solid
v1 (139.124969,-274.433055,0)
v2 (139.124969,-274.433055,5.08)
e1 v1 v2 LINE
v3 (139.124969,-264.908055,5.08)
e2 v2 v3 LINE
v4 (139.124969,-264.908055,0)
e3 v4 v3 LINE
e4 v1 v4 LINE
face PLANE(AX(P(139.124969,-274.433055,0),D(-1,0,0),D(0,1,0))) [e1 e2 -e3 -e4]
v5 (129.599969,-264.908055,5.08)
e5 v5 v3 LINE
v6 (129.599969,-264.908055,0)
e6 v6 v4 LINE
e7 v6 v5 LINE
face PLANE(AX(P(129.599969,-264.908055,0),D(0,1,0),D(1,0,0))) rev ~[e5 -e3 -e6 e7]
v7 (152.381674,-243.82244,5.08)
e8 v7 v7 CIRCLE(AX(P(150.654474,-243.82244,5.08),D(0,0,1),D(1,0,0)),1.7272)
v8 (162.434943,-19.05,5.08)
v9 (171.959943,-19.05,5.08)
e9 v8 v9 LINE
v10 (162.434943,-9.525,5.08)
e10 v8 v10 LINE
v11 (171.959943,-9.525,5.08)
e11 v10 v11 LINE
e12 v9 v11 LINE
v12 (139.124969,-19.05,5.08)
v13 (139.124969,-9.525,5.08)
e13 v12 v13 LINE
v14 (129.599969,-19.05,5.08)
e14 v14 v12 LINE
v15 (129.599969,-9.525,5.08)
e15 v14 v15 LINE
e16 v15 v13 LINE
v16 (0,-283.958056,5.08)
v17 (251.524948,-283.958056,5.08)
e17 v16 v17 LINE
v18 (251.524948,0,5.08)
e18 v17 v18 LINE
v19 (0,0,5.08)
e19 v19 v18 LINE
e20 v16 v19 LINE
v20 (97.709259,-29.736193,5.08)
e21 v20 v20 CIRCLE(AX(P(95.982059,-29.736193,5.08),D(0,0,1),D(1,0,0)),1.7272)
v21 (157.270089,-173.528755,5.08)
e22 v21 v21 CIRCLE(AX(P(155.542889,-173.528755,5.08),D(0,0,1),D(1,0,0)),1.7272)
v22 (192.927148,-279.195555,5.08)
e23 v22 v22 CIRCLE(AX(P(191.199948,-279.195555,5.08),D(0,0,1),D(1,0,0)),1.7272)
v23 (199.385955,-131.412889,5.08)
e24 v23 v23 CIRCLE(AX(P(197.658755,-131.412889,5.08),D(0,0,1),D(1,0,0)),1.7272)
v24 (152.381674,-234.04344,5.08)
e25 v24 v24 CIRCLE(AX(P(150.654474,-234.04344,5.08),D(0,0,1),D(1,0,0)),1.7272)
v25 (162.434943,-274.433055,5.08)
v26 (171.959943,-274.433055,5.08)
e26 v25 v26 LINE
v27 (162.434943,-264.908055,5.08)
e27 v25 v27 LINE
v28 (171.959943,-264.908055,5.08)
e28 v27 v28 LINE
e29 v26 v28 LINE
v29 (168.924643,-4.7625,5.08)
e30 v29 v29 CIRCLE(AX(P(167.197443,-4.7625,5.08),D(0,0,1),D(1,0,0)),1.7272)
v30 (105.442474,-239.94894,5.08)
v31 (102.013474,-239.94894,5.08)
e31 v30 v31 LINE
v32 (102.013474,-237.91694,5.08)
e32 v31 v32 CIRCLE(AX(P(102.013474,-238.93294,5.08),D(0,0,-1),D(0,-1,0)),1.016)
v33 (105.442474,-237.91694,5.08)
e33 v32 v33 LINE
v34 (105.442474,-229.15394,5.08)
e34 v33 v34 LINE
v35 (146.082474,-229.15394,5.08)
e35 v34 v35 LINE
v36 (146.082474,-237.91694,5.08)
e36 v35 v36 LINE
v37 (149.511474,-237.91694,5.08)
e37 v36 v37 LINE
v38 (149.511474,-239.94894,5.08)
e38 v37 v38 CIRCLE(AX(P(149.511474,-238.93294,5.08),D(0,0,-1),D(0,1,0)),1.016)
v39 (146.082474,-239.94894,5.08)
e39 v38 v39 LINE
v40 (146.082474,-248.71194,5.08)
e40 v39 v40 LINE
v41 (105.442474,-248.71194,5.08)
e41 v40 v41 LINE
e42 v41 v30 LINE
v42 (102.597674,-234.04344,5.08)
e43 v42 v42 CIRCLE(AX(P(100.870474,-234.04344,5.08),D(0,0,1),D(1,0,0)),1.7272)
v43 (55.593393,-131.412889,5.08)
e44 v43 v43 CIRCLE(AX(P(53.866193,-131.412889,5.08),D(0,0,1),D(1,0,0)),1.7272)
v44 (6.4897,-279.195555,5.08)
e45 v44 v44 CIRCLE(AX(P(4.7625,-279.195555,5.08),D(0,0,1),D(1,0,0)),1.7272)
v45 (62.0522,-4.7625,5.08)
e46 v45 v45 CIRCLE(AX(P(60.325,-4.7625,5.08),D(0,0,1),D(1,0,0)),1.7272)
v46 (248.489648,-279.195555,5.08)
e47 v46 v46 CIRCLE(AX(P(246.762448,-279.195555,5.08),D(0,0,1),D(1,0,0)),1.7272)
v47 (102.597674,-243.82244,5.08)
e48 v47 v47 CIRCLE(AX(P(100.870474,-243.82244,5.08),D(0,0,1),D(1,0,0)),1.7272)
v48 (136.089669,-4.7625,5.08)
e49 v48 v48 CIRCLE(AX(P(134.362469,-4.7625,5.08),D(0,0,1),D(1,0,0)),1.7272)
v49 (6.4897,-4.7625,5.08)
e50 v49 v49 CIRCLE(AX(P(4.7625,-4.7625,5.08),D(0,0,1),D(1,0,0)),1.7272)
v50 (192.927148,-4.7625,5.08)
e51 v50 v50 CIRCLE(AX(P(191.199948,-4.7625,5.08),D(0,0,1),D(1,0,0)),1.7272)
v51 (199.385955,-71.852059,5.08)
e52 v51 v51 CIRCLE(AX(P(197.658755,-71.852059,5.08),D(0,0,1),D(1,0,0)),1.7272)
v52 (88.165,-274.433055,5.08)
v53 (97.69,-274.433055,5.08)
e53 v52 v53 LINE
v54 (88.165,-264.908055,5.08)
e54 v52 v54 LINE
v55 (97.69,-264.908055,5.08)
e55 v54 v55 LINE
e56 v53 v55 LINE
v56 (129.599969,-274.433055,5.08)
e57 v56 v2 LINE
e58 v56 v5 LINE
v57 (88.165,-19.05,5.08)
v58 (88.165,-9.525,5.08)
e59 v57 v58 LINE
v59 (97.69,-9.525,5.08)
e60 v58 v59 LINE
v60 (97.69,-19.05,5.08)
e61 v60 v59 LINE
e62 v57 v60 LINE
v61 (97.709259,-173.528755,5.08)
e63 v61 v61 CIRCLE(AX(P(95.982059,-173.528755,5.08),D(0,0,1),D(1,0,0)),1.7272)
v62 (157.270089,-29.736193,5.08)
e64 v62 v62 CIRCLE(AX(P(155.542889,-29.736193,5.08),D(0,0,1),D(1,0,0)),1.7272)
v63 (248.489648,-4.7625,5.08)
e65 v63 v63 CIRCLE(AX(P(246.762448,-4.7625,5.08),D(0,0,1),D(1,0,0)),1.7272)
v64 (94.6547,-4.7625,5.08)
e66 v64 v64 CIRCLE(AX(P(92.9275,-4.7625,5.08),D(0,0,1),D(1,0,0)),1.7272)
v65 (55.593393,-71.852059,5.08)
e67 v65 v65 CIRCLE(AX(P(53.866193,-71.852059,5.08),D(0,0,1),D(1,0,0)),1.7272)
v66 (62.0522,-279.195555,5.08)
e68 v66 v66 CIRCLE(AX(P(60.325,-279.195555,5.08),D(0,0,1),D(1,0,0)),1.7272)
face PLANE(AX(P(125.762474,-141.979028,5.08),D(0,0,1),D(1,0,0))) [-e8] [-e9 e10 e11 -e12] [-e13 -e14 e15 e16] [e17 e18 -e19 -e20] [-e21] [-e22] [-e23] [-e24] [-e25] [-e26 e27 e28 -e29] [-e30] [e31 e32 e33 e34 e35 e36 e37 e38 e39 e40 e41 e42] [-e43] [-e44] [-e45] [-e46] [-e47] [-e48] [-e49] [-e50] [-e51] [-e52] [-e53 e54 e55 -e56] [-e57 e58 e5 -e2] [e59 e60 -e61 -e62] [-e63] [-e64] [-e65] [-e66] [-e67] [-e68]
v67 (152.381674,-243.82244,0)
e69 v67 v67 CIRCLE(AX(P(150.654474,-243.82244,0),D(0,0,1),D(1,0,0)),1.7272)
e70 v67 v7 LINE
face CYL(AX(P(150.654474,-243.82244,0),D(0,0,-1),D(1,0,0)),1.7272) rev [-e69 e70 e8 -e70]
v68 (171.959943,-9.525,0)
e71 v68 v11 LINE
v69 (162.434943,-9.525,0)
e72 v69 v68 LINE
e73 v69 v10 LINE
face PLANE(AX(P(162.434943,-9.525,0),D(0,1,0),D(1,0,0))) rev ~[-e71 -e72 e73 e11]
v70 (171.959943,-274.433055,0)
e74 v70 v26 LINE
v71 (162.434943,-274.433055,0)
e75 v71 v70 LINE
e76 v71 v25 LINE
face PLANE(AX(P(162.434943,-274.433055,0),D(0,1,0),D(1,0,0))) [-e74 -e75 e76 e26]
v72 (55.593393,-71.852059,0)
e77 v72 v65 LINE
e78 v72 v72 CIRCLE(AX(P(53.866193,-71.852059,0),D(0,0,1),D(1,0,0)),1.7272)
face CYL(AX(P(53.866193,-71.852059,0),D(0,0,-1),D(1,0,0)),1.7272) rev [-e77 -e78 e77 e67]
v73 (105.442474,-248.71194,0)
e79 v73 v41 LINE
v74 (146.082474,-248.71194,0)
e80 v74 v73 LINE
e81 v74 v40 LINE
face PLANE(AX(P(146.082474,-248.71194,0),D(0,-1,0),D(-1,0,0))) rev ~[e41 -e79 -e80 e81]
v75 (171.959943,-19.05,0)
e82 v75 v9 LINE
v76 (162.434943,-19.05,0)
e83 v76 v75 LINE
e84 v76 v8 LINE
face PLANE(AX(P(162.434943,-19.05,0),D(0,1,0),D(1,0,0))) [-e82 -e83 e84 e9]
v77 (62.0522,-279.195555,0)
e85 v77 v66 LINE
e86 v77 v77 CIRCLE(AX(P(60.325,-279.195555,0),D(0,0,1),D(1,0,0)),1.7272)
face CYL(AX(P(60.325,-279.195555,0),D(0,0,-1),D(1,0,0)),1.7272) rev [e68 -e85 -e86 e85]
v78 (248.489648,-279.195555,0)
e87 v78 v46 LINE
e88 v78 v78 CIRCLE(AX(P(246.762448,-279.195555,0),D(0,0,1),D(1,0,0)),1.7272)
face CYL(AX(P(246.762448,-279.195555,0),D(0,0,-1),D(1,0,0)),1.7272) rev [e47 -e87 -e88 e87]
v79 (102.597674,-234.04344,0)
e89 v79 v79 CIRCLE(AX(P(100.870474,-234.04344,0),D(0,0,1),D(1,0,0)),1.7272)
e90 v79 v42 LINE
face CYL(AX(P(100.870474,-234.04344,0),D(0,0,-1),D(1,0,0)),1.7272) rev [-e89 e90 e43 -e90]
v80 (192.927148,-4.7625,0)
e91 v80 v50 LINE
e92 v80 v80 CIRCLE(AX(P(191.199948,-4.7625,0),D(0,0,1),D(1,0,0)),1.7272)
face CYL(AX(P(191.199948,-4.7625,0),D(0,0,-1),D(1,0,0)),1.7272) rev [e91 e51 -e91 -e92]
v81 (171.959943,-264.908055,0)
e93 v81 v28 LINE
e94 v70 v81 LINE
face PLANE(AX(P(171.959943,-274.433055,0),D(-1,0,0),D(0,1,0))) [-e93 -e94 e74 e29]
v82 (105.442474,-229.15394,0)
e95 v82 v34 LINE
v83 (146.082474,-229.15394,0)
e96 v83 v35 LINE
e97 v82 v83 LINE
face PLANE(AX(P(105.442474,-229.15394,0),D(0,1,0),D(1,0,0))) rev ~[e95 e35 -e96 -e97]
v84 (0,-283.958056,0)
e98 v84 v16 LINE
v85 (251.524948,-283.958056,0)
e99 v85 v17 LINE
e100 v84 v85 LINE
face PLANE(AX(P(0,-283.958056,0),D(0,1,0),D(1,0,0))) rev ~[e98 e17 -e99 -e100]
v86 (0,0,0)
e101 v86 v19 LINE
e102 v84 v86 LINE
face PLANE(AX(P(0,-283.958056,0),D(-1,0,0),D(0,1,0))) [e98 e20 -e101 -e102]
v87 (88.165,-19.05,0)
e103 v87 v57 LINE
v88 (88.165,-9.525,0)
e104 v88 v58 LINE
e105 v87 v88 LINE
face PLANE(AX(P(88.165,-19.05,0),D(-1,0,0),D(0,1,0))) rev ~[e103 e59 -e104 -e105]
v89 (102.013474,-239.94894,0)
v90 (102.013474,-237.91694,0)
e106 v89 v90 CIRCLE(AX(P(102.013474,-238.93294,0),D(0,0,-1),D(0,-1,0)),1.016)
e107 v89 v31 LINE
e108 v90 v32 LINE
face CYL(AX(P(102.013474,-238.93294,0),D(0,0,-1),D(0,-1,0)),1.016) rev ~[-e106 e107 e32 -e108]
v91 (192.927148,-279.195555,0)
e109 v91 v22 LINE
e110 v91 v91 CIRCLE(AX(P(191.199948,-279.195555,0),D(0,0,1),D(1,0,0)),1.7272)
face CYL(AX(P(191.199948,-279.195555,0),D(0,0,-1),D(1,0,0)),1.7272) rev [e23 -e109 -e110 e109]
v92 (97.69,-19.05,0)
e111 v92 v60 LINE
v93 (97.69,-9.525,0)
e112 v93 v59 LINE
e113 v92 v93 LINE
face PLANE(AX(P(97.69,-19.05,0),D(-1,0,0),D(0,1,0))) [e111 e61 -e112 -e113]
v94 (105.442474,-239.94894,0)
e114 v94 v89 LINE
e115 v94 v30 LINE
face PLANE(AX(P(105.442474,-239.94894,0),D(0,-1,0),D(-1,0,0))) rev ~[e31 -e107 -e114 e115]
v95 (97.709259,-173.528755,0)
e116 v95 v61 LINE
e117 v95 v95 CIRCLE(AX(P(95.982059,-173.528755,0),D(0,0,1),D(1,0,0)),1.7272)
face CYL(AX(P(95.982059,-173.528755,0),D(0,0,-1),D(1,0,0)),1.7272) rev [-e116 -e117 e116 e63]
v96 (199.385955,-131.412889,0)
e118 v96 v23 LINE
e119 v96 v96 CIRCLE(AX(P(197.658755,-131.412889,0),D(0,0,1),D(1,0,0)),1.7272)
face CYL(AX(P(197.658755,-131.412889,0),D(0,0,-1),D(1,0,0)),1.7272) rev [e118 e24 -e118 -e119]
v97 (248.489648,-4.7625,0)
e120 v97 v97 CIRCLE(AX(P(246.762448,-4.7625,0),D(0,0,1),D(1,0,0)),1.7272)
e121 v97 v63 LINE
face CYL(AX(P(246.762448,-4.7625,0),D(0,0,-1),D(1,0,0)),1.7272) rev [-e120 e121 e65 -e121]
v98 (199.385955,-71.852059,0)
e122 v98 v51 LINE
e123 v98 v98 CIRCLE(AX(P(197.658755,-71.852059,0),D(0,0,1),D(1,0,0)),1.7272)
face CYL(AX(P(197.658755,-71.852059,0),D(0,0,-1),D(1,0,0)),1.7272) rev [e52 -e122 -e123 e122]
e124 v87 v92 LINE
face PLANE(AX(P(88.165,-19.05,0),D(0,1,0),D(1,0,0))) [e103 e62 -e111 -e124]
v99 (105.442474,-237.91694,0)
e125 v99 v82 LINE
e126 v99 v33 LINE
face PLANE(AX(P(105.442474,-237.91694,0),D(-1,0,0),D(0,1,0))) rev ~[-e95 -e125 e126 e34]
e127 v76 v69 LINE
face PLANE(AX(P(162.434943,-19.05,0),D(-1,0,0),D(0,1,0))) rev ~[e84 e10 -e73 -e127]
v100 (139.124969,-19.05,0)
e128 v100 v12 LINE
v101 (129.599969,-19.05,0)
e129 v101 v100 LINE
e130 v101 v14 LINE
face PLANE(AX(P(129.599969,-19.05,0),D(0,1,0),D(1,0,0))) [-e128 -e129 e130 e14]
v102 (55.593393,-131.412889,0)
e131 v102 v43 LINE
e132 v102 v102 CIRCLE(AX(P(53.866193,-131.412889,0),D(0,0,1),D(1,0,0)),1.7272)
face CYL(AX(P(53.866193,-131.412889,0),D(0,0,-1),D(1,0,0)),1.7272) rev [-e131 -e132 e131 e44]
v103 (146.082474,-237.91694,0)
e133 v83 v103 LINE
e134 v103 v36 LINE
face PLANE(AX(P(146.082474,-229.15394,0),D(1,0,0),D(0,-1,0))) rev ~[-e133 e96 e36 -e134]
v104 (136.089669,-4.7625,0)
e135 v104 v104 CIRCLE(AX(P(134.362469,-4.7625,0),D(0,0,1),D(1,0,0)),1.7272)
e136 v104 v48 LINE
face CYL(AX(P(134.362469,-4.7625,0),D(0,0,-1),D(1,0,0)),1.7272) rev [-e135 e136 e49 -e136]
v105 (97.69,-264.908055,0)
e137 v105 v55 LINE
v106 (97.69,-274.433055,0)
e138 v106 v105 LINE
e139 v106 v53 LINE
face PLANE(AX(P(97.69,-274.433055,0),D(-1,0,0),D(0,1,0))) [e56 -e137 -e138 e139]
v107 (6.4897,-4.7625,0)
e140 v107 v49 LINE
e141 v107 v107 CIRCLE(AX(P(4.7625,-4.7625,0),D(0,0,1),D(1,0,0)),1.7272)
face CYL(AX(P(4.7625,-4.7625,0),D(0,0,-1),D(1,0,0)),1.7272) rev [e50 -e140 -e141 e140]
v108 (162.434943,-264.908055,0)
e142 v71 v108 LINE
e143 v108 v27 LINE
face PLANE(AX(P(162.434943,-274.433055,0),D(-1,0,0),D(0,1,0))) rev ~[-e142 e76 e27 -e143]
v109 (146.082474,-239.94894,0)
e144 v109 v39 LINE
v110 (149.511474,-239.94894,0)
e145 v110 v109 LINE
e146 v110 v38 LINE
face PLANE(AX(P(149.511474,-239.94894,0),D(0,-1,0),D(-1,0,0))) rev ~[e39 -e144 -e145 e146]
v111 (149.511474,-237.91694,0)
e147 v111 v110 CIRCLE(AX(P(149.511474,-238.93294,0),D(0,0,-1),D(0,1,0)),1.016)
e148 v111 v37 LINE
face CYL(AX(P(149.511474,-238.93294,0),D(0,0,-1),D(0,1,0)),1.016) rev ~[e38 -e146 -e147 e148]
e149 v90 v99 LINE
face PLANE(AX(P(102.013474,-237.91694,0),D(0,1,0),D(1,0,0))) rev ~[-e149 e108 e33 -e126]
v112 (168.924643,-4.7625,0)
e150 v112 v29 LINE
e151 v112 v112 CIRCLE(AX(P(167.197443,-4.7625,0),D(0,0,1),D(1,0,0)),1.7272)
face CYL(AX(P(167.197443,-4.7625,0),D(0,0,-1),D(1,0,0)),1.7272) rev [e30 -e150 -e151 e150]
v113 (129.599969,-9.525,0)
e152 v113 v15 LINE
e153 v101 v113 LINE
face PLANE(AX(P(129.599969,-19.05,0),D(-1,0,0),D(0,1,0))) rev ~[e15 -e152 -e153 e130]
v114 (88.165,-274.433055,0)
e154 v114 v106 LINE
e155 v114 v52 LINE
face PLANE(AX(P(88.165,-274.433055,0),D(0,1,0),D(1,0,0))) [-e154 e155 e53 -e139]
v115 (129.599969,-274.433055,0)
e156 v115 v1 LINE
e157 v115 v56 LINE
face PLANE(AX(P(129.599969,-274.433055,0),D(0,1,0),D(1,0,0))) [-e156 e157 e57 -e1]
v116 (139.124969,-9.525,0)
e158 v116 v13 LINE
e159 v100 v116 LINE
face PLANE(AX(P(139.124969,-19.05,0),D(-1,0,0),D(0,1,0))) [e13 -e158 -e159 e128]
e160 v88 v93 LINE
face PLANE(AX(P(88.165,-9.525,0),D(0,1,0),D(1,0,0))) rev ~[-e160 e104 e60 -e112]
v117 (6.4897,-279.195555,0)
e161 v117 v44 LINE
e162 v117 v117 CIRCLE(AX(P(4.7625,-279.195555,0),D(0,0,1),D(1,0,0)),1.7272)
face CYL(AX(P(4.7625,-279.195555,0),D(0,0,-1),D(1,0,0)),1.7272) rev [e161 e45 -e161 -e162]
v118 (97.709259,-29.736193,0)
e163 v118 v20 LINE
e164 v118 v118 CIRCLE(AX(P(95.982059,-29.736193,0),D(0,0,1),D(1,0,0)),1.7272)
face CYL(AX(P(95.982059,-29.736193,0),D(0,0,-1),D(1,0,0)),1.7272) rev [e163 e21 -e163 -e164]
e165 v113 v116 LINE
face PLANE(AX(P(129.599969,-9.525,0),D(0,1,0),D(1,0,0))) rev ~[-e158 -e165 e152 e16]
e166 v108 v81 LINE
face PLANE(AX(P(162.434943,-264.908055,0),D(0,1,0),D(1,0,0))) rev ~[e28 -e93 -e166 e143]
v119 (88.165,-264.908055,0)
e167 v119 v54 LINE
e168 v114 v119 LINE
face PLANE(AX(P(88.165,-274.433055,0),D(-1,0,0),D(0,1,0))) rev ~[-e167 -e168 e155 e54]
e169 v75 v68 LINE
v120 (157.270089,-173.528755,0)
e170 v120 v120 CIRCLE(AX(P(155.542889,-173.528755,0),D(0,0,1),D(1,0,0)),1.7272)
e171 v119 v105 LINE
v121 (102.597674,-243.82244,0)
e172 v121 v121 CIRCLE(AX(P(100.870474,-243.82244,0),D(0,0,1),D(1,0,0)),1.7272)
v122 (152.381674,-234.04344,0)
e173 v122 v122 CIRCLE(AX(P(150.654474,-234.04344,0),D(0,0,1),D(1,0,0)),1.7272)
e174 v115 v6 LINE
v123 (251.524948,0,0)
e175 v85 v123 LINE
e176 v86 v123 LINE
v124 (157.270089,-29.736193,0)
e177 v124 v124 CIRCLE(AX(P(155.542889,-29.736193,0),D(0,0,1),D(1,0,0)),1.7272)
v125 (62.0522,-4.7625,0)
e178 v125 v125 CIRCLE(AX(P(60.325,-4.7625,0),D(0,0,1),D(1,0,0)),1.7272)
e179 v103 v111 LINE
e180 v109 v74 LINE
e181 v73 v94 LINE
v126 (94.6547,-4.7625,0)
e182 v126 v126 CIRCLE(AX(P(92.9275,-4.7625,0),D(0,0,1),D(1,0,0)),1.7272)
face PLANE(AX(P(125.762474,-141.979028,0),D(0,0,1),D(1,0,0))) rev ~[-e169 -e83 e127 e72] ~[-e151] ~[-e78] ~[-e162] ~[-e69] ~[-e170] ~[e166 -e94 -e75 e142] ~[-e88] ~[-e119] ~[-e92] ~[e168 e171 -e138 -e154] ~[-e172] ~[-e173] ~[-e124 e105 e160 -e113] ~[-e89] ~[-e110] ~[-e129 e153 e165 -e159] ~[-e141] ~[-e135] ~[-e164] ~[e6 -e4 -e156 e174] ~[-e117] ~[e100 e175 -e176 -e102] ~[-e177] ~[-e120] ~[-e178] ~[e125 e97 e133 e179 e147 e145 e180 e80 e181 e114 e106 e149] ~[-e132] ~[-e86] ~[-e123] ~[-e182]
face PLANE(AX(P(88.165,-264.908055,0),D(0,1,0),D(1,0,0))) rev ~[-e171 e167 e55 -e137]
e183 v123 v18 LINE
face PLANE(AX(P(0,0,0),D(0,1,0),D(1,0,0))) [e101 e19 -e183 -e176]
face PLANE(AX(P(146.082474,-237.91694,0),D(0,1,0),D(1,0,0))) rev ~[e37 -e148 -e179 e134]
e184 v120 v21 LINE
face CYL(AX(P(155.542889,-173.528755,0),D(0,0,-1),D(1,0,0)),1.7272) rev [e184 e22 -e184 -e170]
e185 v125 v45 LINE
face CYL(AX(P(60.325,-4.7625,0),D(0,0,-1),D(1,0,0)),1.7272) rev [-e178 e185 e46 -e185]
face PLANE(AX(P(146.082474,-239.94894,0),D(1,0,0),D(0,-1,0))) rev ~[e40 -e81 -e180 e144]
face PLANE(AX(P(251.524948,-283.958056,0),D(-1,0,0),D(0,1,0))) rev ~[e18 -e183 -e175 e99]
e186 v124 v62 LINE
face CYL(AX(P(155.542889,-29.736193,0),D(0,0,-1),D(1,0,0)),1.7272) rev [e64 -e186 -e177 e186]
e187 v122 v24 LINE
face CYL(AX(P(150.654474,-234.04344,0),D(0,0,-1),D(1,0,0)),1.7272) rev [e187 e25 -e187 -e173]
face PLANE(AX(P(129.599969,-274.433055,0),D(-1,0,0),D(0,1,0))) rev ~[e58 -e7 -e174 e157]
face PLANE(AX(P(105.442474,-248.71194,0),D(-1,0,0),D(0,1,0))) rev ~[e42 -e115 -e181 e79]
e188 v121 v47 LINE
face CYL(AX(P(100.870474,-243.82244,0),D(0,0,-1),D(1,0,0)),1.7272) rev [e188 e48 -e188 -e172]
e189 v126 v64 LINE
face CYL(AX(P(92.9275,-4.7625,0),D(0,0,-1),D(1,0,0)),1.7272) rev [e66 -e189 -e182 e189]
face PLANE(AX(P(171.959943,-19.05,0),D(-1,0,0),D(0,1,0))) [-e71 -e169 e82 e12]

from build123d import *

# Parameters (mm, degrees)
F0_W     = 251.524948
F0_H     = 283.958055
F0_R     = 1.7272
F0_W_2   = 9.525
F0_H_2   = 9.525
F1_DEPTH = 5.08


with BuildPart() as f1:
    # F0 (on Top) → F1 (new body)
    with BuildSketch(Plane.XY):
        with Locations((125.762474, -141.979028)):
            Rectangle(F0_W, F0_H)
        with Locations((4.7625, -279.195555)):
            Circle(F0_R, mode=Mode.SUBTRACT)
        with Locations((60.325, -279.195555)):
            Circle(F0_R, mode=Mode.SUBTRACT)
        with Locations((92.9275, -269.670555)):
            Rectangle(F0_W_2, F0_H_2, mode=Mode.SUBTRACT)
        with Locations((100.870474, -243.82244)):
            Circle(F0_R, mode=Mode.SUBTRACT)
        with Locations((100.870474, -234.04344)):
            Circle(F0_R, mode=Mode.SUBTRACT)
        with BuildLine():
            Line((105.442474, -229.15394), (146.082474, -229.15394))
            Line((146.082474, -229.15394), (146.082474, -237.91694))
            Line((146.082474, -237.91694), (149.511474, -237.91694))
            ThreePointArc((149.511474, -237.91694), (150.527474, -238.93294), (149.511474, -239.94894))
            Line((149.511474, -239.94894), (146.082474, -239.94894))
            Line((146.082474, -239.94894), (146.082474, -248.71194))
            Line((146.082474, -248.71194), (105.442474, -248.71194))
            Line((105.442474, -248.71194), (105.442474, -239.94894))
            Line((105.442474, -239.94894), (102.013474, -239.94894))
            ThreePointArc((102.013474, -239.94894), (100.997474, -238.93294), (102.013474, -237.91694))
            Line((102.013474, -237.91694), (105.442474, -237.91694))
            Line((105.442474, -237.91694), (105.442474, -229.15394))
        make_face(mode=Mode.SUBTRACT)
        with Locations((95.982059, -173.528755)):
            Circle(F0_R, mode=Mode.SUBTRACT)
        with Locations((134.362469, -269.670555)):
            Rectangle(F0_W_2, F0_H_2, mode=Mode.SUBTRACT)
        with Locations((167.197443, -269.670555)):
            Rectangle(F0_W_2, F0_H_2, mode=Mode.SUBTRACT)
        with Locations((150.654474, -243.82244)):
            Circle(F0_R, mode=Mode.SUBTRACT)
        with Locations((150.654474, -234.04344)):
            Circle(F0_R, mode=Mode.SUBTRACT)
        with Locations((191.199948, -279.195555)):
            Circle(F0_R, mode=Mode.SUBTRACT)
        with Locations((246.762448, -279.195555)):
            Circle(F0_R, mode=Mode.SUBTRACT)
        with Locations((155.542889, -173.528755)):
            Circle(F0_R, mode=Mode.SUBTRACT)
        with Locations((53.866193, -131.412889)):
            Circle(F0_R, mode=Mode.SUBTRACT)
        with Locations((53.866193, -71.852059)):
            Circle(F0_R, mode=Mode.SUBTRACT)
        with Locations((4.7625, -4.7625)):
            Circle(F0_R, mode=Mode.SUBTRACT)
        with Locations((60.325, -4.7625)):
            Circle(F0_R, mode=Mode.SUBTRACT)
        with Locations((92.9275, -14.2875)):
            Rectangle(F0_W_2, F0_H_2, mode=Mode.SUBTRACT)
        with Locations((92.9275, -4.7625)):
            Circle(F0_R, mode=Mode.SUBTRACT)
        with Locations((95.982059, -29.736193)):
            Circle(F0_R, mode=Mode.SUBTRACT)
        with Locations((197.658755, -131.412889)):
            Circle(F0_R, mode=Mode.SUBTRACT)
        with Locations((197.658755, -71.852059)):
            Circle(F0_R, mode=Mode.SUBTRACT)
        with Locations((155.542889, -29.736193)):
            Circle(F0_R, mode=Mode.SUBTRACT)
        with Locations((134.362469, -14.2875)):
            Rectangle(F0_W_2, F0_H_2, mode=Mode.SUBTRACT)
        with Locations((134.362469, -4.7625)):
            Circle(F0_R, mode=Mode.SUBTRACT)
        with Locations((167.197443, -14.2875)):
            Rectangle(F0_W_2, F0_H_2, mode=Mode.SUBTRACT)
        with Locations((167.197443, -4.7625)):
            Circle(F0_R, mode=Mode.SUBTRACT)
        with Locations((191.199948, -4.7625)):
            Circle(F0_R, mode=Mode.SUBTRACT)
        with Locations((246.762448, -4.7625)):
            Circle(F0_R, mode=Mode.SUBTRACT)
    extrude(amount=F1_DEPTH)


solid = f1.part
